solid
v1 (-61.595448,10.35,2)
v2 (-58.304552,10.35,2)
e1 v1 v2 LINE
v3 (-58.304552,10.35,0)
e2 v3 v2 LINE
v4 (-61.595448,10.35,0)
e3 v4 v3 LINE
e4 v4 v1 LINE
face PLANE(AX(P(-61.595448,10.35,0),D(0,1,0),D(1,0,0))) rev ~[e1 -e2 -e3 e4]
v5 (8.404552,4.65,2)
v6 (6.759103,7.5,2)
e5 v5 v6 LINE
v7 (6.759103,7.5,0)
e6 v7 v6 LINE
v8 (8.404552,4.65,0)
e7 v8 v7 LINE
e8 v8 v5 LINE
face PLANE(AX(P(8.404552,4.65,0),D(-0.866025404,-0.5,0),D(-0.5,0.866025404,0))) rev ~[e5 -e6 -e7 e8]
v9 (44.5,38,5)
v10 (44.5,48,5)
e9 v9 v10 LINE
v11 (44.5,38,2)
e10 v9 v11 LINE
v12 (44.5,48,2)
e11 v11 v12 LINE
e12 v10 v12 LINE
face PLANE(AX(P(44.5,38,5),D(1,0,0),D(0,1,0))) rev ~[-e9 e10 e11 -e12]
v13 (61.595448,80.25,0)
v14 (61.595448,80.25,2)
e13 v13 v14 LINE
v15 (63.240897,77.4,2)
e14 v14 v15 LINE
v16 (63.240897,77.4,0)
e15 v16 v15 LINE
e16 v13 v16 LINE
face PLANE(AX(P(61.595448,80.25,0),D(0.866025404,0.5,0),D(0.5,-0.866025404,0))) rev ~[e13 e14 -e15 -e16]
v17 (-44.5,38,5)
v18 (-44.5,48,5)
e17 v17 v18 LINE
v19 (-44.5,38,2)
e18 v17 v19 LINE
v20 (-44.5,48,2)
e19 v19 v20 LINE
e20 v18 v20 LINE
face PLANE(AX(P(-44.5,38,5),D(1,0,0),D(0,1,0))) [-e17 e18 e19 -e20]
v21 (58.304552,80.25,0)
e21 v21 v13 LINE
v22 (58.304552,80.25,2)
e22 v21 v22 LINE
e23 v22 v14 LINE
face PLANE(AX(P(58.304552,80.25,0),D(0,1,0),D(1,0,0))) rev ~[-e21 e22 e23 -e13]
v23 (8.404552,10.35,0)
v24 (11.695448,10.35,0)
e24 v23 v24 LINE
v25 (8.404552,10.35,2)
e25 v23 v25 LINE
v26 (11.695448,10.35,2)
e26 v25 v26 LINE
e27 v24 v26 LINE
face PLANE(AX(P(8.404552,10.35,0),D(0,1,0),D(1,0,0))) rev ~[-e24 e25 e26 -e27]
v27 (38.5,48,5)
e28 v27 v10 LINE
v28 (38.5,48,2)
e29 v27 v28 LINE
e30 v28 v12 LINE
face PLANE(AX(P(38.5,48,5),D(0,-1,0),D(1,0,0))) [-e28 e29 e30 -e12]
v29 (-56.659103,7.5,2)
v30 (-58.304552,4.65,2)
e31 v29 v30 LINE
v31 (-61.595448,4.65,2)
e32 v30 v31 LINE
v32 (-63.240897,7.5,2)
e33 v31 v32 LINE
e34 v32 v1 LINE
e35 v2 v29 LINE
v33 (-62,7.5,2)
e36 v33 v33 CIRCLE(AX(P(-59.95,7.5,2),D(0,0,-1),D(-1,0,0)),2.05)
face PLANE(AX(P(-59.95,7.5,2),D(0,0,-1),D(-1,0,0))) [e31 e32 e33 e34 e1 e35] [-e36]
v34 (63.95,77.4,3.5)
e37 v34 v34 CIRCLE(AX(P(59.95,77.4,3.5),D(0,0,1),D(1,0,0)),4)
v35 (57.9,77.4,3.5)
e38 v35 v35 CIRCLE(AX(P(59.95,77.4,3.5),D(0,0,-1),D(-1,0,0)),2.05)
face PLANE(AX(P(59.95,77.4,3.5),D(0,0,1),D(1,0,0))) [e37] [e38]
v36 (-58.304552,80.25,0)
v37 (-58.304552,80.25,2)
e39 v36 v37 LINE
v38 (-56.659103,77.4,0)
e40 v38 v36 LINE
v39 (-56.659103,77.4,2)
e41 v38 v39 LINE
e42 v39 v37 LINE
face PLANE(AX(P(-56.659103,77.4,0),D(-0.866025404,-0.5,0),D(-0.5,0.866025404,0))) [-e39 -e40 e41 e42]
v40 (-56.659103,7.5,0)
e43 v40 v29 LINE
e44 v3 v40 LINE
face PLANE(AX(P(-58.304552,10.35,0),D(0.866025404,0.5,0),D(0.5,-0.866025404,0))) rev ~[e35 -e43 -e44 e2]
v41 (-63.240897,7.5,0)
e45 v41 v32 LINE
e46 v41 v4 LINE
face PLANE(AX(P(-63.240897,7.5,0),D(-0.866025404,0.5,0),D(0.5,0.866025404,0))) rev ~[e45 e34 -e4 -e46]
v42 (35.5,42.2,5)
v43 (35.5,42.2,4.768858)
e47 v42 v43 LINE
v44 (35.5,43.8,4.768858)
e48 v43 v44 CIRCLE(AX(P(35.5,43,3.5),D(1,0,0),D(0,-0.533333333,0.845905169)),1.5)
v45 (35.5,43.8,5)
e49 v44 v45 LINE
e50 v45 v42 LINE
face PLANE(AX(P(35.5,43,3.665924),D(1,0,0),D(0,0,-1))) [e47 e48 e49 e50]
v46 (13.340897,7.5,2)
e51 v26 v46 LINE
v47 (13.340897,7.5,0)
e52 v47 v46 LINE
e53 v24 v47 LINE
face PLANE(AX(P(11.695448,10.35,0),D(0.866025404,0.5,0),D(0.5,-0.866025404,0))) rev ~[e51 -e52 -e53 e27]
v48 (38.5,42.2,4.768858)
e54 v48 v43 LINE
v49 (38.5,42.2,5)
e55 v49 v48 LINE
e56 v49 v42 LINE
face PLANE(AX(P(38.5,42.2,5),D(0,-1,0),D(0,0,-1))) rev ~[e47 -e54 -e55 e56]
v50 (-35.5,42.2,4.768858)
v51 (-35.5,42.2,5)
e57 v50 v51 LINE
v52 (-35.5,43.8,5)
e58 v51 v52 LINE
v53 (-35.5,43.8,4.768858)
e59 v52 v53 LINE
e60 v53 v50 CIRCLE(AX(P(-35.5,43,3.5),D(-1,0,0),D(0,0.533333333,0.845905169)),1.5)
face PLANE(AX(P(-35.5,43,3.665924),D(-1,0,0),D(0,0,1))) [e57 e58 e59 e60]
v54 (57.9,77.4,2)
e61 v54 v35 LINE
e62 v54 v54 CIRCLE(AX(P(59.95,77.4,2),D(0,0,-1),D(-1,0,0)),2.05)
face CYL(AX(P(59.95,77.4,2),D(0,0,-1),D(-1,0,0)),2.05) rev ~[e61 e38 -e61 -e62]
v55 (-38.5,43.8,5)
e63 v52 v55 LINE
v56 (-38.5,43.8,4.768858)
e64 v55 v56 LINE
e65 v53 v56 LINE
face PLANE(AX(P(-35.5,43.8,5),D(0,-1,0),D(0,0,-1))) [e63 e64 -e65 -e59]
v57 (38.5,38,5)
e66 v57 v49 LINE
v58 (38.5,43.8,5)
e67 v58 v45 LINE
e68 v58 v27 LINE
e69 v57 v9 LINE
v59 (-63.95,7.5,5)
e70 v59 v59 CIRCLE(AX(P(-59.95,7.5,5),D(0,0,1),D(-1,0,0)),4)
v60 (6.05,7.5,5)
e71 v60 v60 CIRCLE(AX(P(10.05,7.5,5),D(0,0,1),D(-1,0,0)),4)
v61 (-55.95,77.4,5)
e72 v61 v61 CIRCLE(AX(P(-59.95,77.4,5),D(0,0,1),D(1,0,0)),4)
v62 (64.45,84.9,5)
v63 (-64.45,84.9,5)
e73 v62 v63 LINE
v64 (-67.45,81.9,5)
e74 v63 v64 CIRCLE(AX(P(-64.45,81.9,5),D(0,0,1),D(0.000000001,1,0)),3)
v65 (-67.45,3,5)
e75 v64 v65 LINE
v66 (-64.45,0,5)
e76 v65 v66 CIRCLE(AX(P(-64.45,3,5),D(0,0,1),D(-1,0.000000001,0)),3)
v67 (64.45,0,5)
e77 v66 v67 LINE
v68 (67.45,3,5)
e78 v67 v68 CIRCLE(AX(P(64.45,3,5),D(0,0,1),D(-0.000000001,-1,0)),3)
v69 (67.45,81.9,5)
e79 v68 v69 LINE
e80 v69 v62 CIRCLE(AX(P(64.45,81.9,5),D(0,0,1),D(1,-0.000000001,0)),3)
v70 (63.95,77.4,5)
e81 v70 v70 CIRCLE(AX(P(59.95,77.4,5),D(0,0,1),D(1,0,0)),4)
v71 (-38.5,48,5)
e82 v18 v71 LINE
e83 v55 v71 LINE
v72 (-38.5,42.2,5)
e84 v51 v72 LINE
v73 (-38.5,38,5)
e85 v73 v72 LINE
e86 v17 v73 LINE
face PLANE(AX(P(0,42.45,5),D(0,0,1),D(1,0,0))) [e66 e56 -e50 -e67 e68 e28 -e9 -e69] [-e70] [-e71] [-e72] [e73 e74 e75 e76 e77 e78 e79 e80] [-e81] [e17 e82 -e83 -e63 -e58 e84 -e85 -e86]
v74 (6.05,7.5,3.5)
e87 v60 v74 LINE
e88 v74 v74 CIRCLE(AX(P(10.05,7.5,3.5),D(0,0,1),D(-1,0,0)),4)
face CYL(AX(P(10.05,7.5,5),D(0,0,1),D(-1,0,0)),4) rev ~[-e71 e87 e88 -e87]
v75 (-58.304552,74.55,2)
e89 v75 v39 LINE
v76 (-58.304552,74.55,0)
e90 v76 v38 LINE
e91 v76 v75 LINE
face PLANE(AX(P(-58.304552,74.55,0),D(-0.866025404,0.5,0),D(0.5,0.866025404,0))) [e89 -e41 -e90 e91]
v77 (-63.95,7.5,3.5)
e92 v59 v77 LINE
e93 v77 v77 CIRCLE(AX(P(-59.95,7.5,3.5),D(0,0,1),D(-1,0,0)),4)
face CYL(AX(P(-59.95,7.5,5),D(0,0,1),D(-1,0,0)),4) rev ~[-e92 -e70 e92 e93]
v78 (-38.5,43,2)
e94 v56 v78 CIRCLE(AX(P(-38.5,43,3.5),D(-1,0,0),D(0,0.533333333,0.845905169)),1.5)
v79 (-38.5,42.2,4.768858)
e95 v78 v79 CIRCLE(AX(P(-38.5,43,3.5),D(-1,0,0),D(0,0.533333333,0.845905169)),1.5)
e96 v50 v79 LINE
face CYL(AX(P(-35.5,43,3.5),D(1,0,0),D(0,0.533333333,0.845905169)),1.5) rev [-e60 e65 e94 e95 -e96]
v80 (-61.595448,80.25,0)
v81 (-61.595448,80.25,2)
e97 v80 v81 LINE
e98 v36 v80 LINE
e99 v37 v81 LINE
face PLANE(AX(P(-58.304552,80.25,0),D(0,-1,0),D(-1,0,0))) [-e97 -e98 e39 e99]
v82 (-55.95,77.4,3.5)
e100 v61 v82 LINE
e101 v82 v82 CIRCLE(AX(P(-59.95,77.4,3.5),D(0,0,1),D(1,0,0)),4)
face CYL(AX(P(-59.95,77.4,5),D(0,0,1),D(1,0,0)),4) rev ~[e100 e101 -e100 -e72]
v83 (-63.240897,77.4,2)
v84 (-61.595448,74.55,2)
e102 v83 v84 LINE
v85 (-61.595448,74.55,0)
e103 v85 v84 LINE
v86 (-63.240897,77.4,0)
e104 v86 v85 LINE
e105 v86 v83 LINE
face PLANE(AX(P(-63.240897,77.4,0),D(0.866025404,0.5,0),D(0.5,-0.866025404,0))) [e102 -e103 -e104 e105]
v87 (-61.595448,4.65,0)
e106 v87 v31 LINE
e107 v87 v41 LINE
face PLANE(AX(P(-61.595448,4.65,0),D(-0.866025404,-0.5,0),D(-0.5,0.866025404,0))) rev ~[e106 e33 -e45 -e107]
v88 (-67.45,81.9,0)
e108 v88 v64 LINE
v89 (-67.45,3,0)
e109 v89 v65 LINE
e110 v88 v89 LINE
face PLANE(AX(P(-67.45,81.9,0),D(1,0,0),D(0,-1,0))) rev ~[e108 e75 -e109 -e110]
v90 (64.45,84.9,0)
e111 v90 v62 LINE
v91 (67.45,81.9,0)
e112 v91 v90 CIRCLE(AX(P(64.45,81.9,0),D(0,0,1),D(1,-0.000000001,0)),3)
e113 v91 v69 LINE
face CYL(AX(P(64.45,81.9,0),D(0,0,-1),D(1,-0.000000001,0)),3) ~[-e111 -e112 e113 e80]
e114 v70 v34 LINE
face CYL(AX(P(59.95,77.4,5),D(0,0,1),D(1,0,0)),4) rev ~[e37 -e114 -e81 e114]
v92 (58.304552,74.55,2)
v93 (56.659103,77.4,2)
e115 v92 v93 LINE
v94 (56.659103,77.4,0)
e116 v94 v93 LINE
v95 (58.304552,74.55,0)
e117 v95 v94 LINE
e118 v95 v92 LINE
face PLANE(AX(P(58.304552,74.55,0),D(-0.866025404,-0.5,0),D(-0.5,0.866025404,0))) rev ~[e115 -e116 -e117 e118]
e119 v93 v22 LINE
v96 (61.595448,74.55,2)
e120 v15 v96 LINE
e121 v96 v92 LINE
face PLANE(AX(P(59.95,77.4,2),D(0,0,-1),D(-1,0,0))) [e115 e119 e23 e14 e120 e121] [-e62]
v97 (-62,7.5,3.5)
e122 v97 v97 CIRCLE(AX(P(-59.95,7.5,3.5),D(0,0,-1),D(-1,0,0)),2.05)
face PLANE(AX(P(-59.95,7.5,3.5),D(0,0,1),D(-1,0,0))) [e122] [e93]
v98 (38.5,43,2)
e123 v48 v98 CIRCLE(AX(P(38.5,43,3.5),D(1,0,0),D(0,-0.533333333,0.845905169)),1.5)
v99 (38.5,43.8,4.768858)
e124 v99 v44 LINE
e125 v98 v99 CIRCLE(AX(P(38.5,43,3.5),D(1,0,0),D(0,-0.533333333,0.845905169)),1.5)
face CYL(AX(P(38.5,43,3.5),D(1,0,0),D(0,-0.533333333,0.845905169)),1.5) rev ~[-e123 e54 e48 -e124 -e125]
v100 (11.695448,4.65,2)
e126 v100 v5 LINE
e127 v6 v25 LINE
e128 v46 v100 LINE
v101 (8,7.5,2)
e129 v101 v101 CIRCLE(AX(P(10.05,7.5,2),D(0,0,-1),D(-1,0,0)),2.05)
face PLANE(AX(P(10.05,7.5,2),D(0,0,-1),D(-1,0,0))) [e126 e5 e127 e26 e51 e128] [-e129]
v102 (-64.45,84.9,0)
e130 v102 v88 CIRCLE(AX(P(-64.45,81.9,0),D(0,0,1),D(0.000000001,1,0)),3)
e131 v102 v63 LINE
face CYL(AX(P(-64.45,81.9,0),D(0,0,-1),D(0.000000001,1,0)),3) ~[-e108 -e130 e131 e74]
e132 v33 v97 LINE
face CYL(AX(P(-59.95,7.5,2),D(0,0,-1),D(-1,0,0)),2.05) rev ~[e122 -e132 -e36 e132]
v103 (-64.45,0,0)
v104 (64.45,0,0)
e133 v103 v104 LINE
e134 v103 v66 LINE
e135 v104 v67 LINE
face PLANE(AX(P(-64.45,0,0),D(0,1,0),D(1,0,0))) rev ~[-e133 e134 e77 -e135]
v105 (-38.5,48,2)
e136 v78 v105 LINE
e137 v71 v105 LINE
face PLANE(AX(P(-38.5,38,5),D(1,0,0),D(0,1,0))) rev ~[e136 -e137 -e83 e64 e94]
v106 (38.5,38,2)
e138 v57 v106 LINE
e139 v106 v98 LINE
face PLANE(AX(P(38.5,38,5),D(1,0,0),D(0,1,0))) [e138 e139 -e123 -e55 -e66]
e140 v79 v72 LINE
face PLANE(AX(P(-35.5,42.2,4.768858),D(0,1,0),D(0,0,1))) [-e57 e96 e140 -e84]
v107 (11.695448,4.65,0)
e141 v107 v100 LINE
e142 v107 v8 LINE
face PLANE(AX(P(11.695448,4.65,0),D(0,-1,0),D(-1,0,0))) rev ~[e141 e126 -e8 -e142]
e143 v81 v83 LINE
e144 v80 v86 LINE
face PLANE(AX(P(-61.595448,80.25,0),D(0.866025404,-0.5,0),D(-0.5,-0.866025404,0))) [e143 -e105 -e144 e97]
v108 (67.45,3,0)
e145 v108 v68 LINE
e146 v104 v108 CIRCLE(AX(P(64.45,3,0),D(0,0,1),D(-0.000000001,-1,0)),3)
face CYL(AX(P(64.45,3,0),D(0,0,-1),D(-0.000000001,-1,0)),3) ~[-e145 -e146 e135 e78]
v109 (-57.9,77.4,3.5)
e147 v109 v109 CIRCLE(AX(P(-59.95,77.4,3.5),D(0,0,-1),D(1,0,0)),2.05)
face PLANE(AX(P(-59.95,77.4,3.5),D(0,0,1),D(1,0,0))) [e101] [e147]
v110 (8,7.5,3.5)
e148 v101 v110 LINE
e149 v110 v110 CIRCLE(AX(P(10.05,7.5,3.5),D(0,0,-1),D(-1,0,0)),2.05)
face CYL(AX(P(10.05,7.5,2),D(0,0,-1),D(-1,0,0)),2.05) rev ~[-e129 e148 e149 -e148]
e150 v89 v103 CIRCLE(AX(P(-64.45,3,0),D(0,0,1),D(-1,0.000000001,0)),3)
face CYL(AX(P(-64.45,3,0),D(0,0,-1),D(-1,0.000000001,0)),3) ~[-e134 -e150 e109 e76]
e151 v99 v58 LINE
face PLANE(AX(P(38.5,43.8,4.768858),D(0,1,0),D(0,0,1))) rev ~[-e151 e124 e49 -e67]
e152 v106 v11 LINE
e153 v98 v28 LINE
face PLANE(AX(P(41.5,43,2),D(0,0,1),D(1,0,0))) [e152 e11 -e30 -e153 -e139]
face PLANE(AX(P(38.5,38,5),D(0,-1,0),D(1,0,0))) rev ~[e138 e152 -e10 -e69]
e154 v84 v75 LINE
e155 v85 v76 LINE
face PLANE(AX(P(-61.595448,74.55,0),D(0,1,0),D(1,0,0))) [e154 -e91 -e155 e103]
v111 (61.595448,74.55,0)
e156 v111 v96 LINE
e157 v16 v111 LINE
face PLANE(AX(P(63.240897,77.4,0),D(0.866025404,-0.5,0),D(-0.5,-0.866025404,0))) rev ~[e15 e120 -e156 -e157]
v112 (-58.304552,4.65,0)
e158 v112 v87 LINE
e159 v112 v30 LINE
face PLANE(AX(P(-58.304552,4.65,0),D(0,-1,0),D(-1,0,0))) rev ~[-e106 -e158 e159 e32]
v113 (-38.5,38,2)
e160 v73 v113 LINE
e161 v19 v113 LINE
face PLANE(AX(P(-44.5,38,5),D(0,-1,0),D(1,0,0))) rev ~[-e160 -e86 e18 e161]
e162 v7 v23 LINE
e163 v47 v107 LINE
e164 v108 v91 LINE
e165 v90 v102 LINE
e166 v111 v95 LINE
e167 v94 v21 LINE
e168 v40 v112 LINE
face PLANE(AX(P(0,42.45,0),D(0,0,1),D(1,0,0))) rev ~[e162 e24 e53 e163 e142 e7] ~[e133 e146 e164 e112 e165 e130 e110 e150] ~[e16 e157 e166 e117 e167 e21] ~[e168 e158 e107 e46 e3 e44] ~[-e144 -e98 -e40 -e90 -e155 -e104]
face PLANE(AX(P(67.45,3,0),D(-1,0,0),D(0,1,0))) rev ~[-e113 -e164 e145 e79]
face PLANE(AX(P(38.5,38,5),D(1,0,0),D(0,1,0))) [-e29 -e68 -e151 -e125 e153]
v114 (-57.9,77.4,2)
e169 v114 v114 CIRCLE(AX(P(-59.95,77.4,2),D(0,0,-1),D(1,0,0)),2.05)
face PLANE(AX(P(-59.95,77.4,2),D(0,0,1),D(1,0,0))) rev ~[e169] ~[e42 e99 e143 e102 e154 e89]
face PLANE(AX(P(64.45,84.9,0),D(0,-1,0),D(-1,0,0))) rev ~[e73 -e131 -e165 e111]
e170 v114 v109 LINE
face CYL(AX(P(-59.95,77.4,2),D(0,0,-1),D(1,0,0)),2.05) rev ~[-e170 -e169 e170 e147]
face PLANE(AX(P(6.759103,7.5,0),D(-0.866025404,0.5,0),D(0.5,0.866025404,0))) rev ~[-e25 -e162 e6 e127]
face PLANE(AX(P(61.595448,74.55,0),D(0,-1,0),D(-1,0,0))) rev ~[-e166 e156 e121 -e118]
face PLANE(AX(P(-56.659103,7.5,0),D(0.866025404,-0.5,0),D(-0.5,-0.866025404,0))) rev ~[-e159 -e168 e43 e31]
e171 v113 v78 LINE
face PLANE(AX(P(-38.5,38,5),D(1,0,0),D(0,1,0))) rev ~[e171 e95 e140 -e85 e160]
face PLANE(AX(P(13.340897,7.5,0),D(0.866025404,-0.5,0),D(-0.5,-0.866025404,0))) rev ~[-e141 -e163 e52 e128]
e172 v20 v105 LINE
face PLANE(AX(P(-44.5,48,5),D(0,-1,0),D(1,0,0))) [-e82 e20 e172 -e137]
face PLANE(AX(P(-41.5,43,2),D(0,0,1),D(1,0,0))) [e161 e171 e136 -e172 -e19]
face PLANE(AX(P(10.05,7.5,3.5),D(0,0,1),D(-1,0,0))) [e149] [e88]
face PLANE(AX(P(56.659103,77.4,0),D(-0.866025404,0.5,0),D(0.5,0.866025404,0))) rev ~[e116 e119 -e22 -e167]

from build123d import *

# Parameters (mm, degrees)
EXTRUDE_1_DEPTH     = 5
CUT_EXTRUDE_1_DEPTH = 2
SKETCH_3_R          = 2.05
CUT_EXTRUDE_2_DEPTH = 3
SKETCH_4_R          = 4
CUT_EXTRUDE_3_DEPTH = 1.5
SKETCH_5_W          = 6
SKETCH_5_H          = 10
CUT_EXTRUDE_4_DEPTH = 3
CUT_EXTRUDE_5_DEPTH = 3
CUT_EXTRUDE_START   = -3
CUT_EXTRUDE_6_DEPTH = 3


with BuildPart() as part:
    # 草图1 → 凸台-拉伸1 (new body)
    with BuildSketch(Plane.XY):
        with BuildLine():
            Line((-64.45, 0), (64.45, 0))
            ThreePointArc((64.45, 0), (66.571320344, 0.878679656), (67.45, 3))
            Line((67.45, 3), (67.45, 81.9))
            ThreePointArc((67.45, 81.9), (66.571320344, 84.021320344), (64.45, 84.9))
            Line((64.45, 84.9), (-64.45, 84.9))
            ThreePointArc((-64.45, 84.9), (-66.571320344, 84.021320344), (-67.45, 81.9))
            Line((-67.45, 81.9), (-67.45, 3))
            ThreePointArc((-67.45, 3), (-66.571320344, 0.878679656), (-64.45, 0))
        make_face()
    extrude(amount=EXTRUDE_1_DEPTH)

    # 草图2 → 切除-拉伸1 (cut)
    with BuildSketch(Plane(origin=(0, 0, 0), x_dir=(-1, 0, 0), z_dir=(0, 0, -1))):
        Polygon((-56.659103466, 77.4), (-58.304551733, 80.25), (-61.595448267, 80.25), (-63.240896534, 77.4), (-61.595448267, 74.55), (-58.304551733, 74.55), align=None)
        Polygon((58.304551733, 74.55), (56.659103466, 77.4), (58.304551733, 80.25), (61.595448267, 80.25), (63.240896534, 77.4), (61.595448267, 74.55), align=None)
        Polygon((-13.340896534, 7.5), (-11.695448267, 4.65), (-8.404551733, 4.65), (-6.759103466, 7.5), (-8.404551733, 10.35), (-11.695448267, 10.35), align=None)
        Polygon((56.659103466, 7.5), (58.304551733, 4.65), (61.595448267, 4.65), (63.240896534, 7.5), (61.595448267, 10.35), (58.304551733, 10.35), align=None)
    extrude(amount=-CUT_EXTRUDE_1_DEPTH, mode=Mode.SUBTRACT)

    # 草图3 → 切除-拉伸2 (cut)
    with BuildSketch(Plane(origin=(0, 0, 2), x_dir=(-1, 0, 0), z_dir=(0, 0, -1))):
        with Locations((-59.95, 77.4)):
            Circle(SKETCH_3_R)
        with Locations(Location((59.95, 77.4, 0), (0, 0, 180))):
            Circle(SKETCH_3_R)
        with Locations((-10.05, 7.5)):
            Circle(SKETCH_3_R)
        with Locations((59.95, 7.5)):
            Circle(SKETCH_3_R)
    extrude(amount=-CUT_EXTRUDE_2_DEPTH, mode=Mode.SUBTRACT)

    # 草图4 → 切除-拉伸3 (cut)
    with BuildSketch(Plane.XY.offset(5)):
        with Locations((-59.95, 77.4)):
            Circle(SKETCH_4_R)
        with Locations((59.95, 77.4)):
            Circle(SKETCH_4_R)
        with Locations(Location((-59.95, 7.5, 0), (0, 0, 180))):
            Circle(SKETCH_4_R)
        with Locations(Location((10.05, 7.5, 0), (0, 0, 180))):
            Circle(SKETCH_4_R)
    extrude(amount=-CUT_EXTRUDE_3_DEPTH, mode=Mode.SUBTRACT)

    # 草图5 → 切除-拉伸4 (cut)
    with BuildSketch(Plane.XY.offset(5)):
        with Locations((-41.5, 43)):
            Rectangle(SKETCH_5_W, SKETCH_5_H)
        with Locations((41.5, 43)):
            Rectangle(SKETCH_5_W, SKETCH_5_H)
    extrude(amount=-CUT_EXTRUDE_4_DEPTH, mode=Mode.SUBTRACT)

    # 草图6 → 切除-拉伸5 (cut)
    with BuildSketch(Plane(origin=(38.5, 0, 0), x_dir=(0, 0, -1), z_dir=(1, 0, 0))):
        with BuildLine():
            Line((-4.768857754, 43.8), (-5, 43.8))
            Line((-5, 43.8), (-5, 42.2))
            Line((-5, 42.2), (-4.768857754, 42.2))
            ThreePointArc((-4.768857754, 42.2), (-2, 43), (-4.768857754, 43.8))
        make_face()
    extrude(amount=-CUT_EXTRUDE_5_DEPTH, mode=Mode.SUBTRACT)

    # 草图7 → 切除-拉伸6 (cut)
    with BuildSketch(Plane.ZY.offset(38.5).offset(CUT_EXTRUDE_START)):
        with BuildLine():
            Line((5, 43.8), (4.768857754, 43.8))
            ThreePointArc((4.768857754, 43.8), (2, 43), (4.768857754, 42.2))
            Line((4.768857754, 42.2), (5, 42.2))
            Line((5, 42.2), (5, 43.8))
        make_face()
    extrude(amount=CUT_EXTRUDE_6_DEPTH, mode=Mode.SUBTRACT)


solid = part.part
